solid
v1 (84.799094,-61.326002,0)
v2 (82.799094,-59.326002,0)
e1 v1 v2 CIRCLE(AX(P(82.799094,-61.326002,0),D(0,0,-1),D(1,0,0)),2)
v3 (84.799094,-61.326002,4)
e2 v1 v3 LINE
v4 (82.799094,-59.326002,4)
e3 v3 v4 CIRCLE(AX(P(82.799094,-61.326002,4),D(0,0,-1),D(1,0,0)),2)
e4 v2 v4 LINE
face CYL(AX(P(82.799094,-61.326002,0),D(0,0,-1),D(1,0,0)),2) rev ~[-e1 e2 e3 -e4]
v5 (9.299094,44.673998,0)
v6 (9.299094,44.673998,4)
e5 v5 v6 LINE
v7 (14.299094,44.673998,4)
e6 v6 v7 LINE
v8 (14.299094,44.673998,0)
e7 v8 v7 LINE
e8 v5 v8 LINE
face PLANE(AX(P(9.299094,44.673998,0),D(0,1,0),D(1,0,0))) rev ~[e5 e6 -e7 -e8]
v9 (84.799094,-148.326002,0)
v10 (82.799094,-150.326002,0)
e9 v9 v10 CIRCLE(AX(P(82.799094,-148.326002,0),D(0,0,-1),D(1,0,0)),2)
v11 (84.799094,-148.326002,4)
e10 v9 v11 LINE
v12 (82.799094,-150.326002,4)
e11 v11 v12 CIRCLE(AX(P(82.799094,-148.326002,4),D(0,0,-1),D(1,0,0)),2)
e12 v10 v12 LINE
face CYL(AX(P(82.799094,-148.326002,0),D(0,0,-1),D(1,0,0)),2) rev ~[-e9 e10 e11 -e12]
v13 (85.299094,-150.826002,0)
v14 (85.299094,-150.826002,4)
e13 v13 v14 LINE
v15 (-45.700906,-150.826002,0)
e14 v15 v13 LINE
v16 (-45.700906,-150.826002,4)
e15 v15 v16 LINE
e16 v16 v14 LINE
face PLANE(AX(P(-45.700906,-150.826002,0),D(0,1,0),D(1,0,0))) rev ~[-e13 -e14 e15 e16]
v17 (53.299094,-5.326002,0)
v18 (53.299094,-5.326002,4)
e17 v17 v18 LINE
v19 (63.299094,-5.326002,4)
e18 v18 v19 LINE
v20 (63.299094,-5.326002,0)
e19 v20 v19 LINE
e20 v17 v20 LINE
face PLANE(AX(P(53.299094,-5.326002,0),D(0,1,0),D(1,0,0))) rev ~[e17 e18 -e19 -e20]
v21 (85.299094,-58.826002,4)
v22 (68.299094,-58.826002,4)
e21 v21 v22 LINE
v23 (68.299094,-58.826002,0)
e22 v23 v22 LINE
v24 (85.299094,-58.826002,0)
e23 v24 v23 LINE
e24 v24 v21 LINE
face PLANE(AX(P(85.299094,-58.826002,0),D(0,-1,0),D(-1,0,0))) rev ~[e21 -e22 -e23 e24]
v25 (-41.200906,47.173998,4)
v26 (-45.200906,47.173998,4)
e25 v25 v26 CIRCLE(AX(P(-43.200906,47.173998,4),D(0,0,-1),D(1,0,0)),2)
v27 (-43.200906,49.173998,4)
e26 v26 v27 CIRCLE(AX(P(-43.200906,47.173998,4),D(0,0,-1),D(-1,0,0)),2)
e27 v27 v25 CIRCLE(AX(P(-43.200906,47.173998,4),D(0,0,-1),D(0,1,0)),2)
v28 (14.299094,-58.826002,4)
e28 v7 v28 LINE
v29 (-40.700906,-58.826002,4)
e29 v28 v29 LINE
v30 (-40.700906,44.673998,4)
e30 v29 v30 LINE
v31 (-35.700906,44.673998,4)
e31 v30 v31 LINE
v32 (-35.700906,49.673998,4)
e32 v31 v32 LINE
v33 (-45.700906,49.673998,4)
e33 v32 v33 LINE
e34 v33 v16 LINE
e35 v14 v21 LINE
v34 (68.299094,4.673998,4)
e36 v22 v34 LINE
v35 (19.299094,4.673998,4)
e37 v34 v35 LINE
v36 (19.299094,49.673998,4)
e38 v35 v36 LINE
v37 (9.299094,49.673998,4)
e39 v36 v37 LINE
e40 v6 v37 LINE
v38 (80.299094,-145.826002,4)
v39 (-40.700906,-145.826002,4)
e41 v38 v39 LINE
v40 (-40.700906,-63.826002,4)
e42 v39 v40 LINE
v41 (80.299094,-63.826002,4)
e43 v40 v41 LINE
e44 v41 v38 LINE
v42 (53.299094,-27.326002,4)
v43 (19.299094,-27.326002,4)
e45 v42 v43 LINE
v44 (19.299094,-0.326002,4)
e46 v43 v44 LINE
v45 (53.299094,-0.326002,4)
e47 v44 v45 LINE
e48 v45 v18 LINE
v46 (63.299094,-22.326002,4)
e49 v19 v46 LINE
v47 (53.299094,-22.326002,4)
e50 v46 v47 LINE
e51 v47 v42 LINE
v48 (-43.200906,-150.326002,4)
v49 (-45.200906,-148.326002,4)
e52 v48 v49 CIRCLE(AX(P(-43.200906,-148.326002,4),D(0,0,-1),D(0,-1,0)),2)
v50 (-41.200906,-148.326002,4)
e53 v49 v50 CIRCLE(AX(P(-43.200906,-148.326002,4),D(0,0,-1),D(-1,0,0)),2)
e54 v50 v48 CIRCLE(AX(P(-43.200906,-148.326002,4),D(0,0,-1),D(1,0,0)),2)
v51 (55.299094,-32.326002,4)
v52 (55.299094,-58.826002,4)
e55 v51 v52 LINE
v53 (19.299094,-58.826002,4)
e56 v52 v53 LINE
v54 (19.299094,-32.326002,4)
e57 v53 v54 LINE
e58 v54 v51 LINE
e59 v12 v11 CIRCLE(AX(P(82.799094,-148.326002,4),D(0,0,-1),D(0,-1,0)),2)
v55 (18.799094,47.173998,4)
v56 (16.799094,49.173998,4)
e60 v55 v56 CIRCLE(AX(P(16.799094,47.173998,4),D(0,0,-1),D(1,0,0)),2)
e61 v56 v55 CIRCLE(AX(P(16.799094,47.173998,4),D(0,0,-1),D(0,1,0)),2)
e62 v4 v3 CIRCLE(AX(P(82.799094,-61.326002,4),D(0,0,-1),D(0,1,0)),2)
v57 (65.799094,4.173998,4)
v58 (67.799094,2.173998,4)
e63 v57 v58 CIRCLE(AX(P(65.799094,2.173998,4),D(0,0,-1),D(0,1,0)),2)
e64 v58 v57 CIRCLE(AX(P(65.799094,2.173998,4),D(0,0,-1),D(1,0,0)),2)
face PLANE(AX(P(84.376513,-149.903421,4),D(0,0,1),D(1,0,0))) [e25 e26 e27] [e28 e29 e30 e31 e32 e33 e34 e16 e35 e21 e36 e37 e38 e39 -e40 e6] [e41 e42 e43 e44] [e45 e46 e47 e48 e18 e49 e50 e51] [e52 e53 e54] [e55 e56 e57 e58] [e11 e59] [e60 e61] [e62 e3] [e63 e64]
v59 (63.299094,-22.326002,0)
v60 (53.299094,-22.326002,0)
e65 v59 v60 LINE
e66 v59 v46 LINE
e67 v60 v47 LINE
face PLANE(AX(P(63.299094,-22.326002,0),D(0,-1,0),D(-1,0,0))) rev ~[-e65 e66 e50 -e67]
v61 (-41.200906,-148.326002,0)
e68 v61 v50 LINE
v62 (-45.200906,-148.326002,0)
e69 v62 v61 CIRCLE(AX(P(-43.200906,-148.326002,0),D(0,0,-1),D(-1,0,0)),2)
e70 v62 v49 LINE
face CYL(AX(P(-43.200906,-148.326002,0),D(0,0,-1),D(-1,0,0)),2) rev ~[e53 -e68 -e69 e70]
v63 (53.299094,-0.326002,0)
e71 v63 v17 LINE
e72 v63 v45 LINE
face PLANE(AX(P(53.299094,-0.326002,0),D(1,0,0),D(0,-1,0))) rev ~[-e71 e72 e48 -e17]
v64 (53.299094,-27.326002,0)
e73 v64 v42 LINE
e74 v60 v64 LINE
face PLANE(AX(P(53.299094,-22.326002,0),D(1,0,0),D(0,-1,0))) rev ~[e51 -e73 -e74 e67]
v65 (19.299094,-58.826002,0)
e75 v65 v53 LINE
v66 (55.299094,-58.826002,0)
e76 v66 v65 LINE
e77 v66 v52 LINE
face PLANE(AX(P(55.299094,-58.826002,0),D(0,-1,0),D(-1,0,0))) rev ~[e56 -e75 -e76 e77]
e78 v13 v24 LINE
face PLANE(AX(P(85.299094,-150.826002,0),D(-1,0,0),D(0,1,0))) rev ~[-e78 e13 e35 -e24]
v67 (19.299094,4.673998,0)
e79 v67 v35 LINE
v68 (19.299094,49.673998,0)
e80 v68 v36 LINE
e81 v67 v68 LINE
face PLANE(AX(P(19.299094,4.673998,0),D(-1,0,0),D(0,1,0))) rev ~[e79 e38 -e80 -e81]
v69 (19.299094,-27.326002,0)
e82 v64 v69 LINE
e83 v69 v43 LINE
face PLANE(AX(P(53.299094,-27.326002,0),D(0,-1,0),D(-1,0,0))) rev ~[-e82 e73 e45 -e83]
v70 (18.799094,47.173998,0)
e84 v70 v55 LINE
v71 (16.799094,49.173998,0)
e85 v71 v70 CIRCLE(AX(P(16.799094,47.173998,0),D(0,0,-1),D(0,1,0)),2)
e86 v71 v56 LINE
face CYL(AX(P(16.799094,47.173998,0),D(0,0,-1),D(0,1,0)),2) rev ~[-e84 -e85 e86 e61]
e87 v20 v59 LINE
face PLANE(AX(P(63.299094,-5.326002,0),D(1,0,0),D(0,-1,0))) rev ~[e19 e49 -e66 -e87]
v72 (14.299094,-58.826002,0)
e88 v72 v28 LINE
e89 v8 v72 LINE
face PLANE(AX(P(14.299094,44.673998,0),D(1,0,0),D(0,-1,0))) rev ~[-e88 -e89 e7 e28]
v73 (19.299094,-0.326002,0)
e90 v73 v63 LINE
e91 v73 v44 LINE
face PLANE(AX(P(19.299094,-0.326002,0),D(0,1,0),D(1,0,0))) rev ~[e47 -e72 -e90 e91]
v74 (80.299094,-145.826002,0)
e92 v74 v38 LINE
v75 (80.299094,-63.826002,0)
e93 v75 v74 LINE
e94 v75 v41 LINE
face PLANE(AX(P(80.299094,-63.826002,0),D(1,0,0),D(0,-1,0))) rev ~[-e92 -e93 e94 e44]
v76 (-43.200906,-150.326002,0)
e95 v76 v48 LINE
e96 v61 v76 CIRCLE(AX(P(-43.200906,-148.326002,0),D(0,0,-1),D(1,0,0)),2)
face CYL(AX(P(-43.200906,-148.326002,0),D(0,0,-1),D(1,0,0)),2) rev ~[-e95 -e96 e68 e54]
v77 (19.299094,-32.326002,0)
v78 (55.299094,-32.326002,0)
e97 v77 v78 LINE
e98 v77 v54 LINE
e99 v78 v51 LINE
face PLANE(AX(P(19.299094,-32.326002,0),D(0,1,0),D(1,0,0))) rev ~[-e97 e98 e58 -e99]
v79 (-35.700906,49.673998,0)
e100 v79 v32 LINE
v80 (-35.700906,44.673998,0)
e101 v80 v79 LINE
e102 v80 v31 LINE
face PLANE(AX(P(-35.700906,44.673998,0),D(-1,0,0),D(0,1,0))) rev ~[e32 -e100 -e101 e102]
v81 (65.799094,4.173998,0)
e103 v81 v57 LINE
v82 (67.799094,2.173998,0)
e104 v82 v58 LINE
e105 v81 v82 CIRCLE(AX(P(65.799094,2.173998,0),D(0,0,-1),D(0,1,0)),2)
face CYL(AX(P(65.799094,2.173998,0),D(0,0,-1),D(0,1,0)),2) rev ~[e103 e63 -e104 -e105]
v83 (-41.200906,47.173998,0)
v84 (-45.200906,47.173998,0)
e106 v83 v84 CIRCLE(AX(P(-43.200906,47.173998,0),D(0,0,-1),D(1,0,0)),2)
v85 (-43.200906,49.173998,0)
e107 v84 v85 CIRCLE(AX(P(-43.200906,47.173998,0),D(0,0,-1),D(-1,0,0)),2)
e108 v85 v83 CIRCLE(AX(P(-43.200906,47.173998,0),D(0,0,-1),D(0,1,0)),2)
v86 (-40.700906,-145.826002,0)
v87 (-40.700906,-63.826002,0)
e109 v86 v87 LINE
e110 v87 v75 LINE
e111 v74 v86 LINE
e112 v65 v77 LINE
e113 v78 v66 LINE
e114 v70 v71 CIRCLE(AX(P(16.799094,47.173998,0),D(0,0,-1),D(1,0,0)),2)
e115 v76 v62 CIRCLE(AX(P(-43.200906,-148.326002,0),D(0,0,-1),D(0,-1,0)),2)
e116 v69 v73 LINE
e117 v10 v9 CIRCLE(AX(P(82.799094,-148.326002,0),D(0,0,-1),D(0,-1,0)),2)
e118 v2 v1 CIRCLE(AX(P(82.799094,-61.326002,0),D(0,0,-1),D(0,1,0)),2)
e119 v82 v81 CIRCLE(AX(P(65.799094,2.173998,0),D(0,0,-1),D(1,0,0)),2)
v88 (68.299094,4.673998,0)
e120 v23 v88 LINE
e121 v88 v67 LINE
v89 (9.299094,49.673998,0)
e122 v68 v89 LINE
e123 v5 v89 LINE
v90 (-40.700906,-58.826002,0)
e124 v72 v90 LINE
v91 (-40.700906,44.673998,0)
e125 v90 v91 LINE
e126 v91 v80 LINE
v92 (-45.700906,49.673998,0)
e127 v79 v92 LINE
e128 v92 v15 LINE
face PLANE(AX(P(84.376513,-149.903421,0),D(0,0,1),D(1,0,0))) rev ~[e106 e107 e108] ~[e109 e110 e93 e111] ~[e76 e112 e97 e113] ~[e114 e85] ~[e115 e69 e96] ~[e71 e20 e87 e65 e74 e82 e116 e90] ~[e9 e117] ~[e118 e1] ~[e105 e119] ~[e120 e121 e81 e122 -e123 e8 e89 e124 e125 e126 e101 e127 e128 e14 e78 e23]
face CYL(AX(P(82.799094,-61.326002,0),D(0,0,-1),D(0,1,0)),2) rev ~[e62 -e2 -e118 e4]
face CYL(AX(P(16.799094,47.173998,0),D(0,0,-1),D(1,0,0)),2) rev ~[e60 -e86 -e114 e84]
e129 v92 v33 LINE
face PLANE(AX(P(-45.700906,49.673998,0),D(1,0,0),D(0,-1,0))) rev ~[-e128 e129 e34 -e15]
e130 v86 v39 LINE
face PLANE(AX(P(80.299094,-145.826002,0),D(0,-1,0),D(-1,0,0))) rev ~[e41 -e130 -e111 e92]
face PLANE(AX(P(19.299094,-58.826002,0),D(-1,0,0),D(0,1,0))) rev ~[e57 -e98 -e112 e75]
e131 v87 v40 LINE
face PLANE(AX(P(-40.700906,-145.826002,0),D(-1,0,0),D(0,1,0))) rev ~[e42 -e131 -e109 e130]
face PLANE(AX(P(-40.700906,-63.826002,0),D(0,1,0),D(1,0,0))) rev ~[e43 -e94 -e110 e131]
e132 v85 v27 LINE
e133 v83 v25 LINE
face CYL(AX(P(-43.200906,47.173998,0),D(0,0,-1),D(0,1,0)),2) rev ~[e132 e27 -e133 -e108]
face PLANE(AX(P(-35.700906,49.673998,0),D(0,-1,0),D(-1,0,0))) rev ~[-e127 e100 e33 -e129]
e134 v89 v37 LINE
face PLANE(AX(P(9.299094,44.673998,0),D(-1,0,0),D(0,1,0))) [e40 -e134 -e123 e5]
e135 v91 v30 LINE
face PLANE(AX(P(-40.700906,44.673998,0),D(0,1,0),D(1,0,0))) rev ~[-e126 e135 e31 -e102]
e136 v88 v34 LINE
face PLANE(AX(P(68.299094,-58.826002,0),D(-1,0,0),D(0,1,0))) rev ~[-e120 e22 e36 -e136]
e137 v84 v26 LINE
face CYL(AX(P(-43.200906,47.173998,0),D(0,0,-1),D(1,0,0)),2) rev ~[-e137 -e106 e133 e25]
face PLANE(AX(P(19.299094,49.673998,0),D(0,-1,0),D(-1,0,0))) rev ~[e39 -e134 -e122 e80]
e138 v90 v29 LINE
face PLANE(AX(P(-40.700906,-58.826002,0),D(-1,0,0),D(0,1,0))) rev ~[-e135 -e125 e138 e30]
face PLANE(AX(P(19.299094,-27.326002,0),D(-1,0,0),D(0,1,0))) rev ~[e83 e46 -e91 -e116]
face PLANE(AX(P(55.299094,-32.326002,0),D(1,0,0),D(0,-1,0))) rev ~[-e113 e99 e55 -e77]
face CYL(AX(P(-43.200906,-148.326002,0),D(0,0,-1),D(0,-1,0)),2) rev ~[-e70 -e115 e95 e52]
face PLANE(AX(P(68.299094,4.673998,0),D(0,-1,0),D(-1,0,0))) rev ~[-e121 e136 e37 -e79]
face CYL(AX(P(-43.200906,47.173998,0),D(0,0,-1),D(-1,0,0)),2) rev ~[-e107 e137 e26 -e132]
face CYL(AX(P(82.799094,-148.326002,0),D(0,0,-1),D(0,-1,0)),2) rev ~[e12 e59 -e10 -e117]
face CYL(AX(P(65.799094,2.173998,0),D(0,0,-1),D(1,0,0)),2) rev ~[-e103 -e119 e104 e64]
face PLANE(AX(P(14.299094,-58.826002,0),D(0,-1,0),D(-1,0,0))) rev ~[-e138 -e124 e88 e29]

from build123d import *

# Parameters (mm, degrees)
F0_W     = 5
F0_H     = 5
F1_DEPTH = 4


with BuildPart() as f1:
    # F0 (on Top) → F1 (new body)
    with BuildSketch(Plane.XY):
        with BuildLine():
            Line((82.7990943193, -150.3260023594), (82.7990943193, -150.8260023594))
            Line((82.7990943193, -150.8260023594), (85.2990943193, -150.8260023594))
            Line((85.2990943193, -150.8260023594), (85.2990943193, -148.3260023594))
            Line((85.2990943193, -148.3260023594), (84.7990943193, -148.3260023594))
            ThreePointArc((84.7990943193, -148.3260023594), (84.2133078817, -149.7402159218), (82.7990943193, -150.3260023594))
        make_face()
        with BuildLine():
            Line((-45.2009056807, -148.3260023594), (-45.7009056807, -148.3260023594))
            Line((-45.7009056807, -148.3260023594), (-45.7009056807, -150.8260023594))
            Line((-45.7009056807, -150.8260023594), (-43.2009056807, -150.8260023594))
            Line((-43.2009056807, -150.8260023594), (-43.2009056807, -150.3260023594))
            ThreePointArc((-43.2009056807, -150.3260023594), (-44.615119243, -149.7402159218), (-45.2009056807, -148.3260023594))
        make_face()
        with BuildLine():
            Line((-43.2009056807, 49.1739976406), (-43.2009056807, 49.6739976406))
            Line((-43.2009056807, 49.6739976406), (-45.7009056807, 49.6739976406))
            Line((-45.7009056807, 49.6739976406), (-45.7009056807, 47.1739976406))
            Line((-45.7009056807, 47.1739976406), (-45.2009056807, 47.1739976406))
            ThreePointArc((-45.2009056807, 47.1739976406), (-44.615119243, 48.588211203), (-43.2009056807, 49.1739976406))
        make_face()
        with BuildLine():
            Line((85.2990943193, -61.3260023594), (85.2990943193, -58.8260023594))
            Line((85.2990943193, -58.8260023594), (82.7990943193, -58.8260023594))
            Line((82.7990943193, -58.8260023594), (82.7990943193, -59.3260023594))
            ThreePointArc((82.7990943193, -59.3260023594), (84.2133078817, -59.911788797), (84.7990943193, -61.3260023594))
            Line((84.7990943193, -61.3260023594), (85.2990943193, -61.3260023594))
        make_face()
        with BuildLine():
            Line((19.2990943193, 49.6739976406), (16.7990943193, 49.6739976406))
            Line((16.7990943193, 49.6739976406), (16.7990943193, 49.1739976406))
            ThreePointArc((16.7990943193, 49.1739976406), (18.2133078817, 48.588211203), (18.7990943193, 47.1739976406))
            Line((18.7990943193, 47.1739976406), (19.2990943193, 47.1739976406))
            Line((19.2990943193, 47.1739976406), (19.2990943193, 49.6739976406))
        make_face()
        with BuildLine():
            Line((80.2990943193, -63.8260023594), (85.2990943193, -63.8260023594))
            Line((85.2990943193, -63.8260023594), (85.2990943193, -61.3260023594))
            Line((85.2990943193, -61.3260023594), (84.7990943193, -61.3260023594))
            ThreePointArc((84.7990943193, -61.3260023594), (81.384880757, -62.7402159218), (82.7990943193, -59.3260023594))
            Line((82.7990943193, -59.3260023594), (82.7990943193, -58.8260023594))
            Line((82.7990943193, -58.8260023594), (80.2990943193, -58.8260023594))
            Line((80.2990943193, -58.8260023594), (80.2990943193, -63.8260023594))
        make_face()
        with BuildLine():
            Line((14.2990943193, 49.6739976406), (14.2990943193, 44.6739976406))
            Line((14.2990943193, 44.6739976406), (16.7990943193, 44.6739976406))
            Line((16.7990943193, 44.6739976406), (19.2990943193, 44.6739976406))
            Line((19.2990943193, 44.6739976406), (19.2990943193, 47.1739976406))
            Line((19.2990943193, 47.1739976406), (18.7990943193, 47.1739976406))
            ThreePointArc((18.7990943193, 47.1739976406), (15.384880757, 45.7597840782), (16.7990943193, 49.1739976406))
            Line((16.7990943193, 49.1739976406), (16.7990943193, 49.6739976406))
            Line((16.7990943193, 49.6739976406), (14.2990943193, 49.6739976406))
        make_face()
        with BuildLine():
            Line((-37.7009056807, -58.8260023594), (-40.7009056807, -58.8260023594))
            Line((-40.7009056807, -58.8260023594), (-40.7009056807, -52.8260023594))
            Line((-40.7009056807, -52.8260023594), (-40.7009056807, 28.4739976406))
            Line((-40.7009056807, 28.4739976406), (-40.7009056807, 44.6739976406))
            Line((-40.7009056807, 44.6739976406), (-40.7009056807, 49.6739976406))
            Line((-40.7009056807, 49.6739976406), (-43.2009056807, 49.6739976406))
            Line((-43.2009056807, 49.6739976406), (-43.2009056807, 49.1739976406))
            ThreePointArc((-43.2009056807, 49.1739976406), (-41.7866921183, 48.588211203), (-41.2009056807, 47.1739976406))
            ThreePointArc((-41.2009056807, 47.1739976406), (-43.2009056807, 45.1739976406), (-45.2009056807, 47.1739976406))
            Line((-45.2009056807, 47.1739976406), (-45.7009056807, 47.1739976406))
            Line((-45.7009056807, 47.1739976406), (-45.7009056807, -148.3260023594))
            Line((-45.7009056807, -148.3260023594), (-45.2009056807, -148.3260023594))
            ThreePointArc((-45.2009056807, -148.3260023594), (-43.2009056807, -146.3260023594), (-41.2009056807, -148.3260023594))
            ThreePointArc((-41.2009056807, -148.3260023594), (-41.7866921183, -149.7402159218), (-43.2009056807, -150.3260023594))
            Line((-43.2009056807, -150.3260023594), (-43.2009056807, -150.8260023594))
            Line((-43.2009056807, -150.8260023594), (82.7990943193, -150.8260023594))
            Line((82.7990943193, -150.8260023594), (82.7990943193, -150.3260023594))
            ThreePointArc((82.7990943193, -150.3260023594), (81.384880757, -146.911788797), (84.7990943193, -148.3260023594))
            Line((84.7990943193, -148.3260023594), (85.2990943193, -148.3260023594))
            Line((85.2990943193, -148.3260023594), (85.2990943193, -63.8260023594))
            Line((85.2990943193, -63.8260023594), (80.2990943193, -63.8260023594))
            Line((80.2990943193, -63.8260023594), (80.2990943193, -58.8260023594))
            Line((80.2990943193, -58.8260023594), (68.2990943193, -58.8260023594))
            Line((68.2990943193, -58.8260023594), (68.2990943193, -22.3260023594))
            Line((68.2990943193, -22.3260023594), (68.2990943193, -5.3260023594))
            Line((68.2990943193, -5.3260023594), (63.2990943193, -5.3260023594))
            Line((63.2990943193, -5.3260023594), (63.2990943193, -22.3260023594))
            Line((63.2990943193, -22.3260023594), (53.2990943193, -22.3260023594))
            Line((53.2990943193, -22.3260023594), (53.2990943193, -25.3760023594))
            Line((53.2990943193, -25.3760023594), (53.2990943193, -27.3260023594))
            Line((53.2990943193, -27.3260023594), (51.3490943193, -27.3260023594))
            Line((51.3490943193, -27.3260023594), (28.5490943193, -27.3260023594))
            Line((28.5490943193, -27.3260023594), (19.2990943193, -27.3260023594))
            Line((19.2990943193, -27.3260023594), (19.2990943193, -25.3760023594))
            Line((19.2990943193, -25.3760023594), (19.2990943193, -2.2760023594))
            Line((19.2990943193, -2.2760023594), (19.2990943193, -0.3260023594))
            Line((19.2990943193, -0.3260023594), (14.2990943193, -0.3260023594))
            Line((14.2990943193, -0.3260023594), (14.2990943193, -27.3260023594))
            Line((14.2990943193, -27.3260023594), (14.2990943193, -32.3260023594))
            Line((14.2990943193, -32.3260023594), (14.2990943193, -47.2260023594))
            Line((14.2990943193, -47.2260023594), (14.2990943193, -58.8260023594))
            Line((14.2990943193, -58.8260023594), (11.2990943193, -58.8260023594))
            Line((11.2990943193, -58.8260023594), (-37.7009056807, -58.8260023594))
        make_face()
        Polygon((76.8990943193, -63.8260023594), (80.2990943193, -63.8260023594), (80.2990943193, -67.2260023594), (80.2990943193, -142.4260023594), (80.2990943193, -145.8260023594), (76.8990943193, -145.8260023594), (-37.3009056807, -145.8260023594), (-40.7009056807, -145.8260023594), (-40.7009056807, -142.4260023594), (-40.7009056807, -67.2260023594), (-40.7009056807, -63.8260023594), (-37.3009056807, -63.8260023594), (14.2990943193, -63.8260023594), (19.2990943193, -63.8260023594), align=None, mode=Mode.SUBTRACT)
        Polygon((53.5990943193, -58.8260023594), (19.2990943193, -58.8260023594), (19.2990943193, -32.3260023594), (53.5990943193, -32.3260023594), (55.2990943193, -32.3260023594), (55.2990943193, -34.0260023594), (55.2990943193, -57.1260023594), (55.2990943193, -58.8260023594), align=None, mode=Mode.SUBTRACT)
        with Locations((16.7990943193, 2.1739976406)):
            Rectangle(F0_W, F0_H)
        Polygon((16.7990943193, 44.6739976406), (14.2990943193, 44.6739976406), (14.2990943193, 29.8739976406), (14.2990943193, 4.6739976406), (19.2990943193, 4.6739976406), (19.2990943193, 44.6739976406), align=None)
        with BuildLine():
            Line((19.2990943193, 4.6739976406), (19.2990943193, -0.3260023594))
            Line((19.2990943193, -0.3260023594), (28.5490943193, -0.3260023594))
            Line((28.5490943193, -0.3260023594), (51.3490943193, -0.3260023594))
            Line((51.3490943193, -0.3260023594), (53.2990943193, -0.3260023594))
            Line((53.2990943193, -0.3260023594), (53.2990943193, -2.2760023594))
            Line((53.2990943193, -2.2760023594), (53.2990943193, -5.3260023594))
            Line((53.2990943193, -5.3260023594), (63.2990943193, -5.3260023594))
            Line((63.2990943193, -5.3260023594), (68.2990943193, -5.3260023594))
            Line((68.2990943193, -5.3260023594), (68.2990943193, 2.1739976406))
            Line((68.2990943193, 2.1739976406), (67.7990943193, 2.1739976406))
            ThreePointArc((67.7990943193, 2.1739976406), (64.384880757, 0.7597840782), (65.7990943193, 4.1739976406))
            Line((65.7990943193, 4.1739976406), (65.7990943193, 4.6739976406))
            Line((65.7990943193, 4.6739976406), (19.2990943193, 4.6739976406))
        make_face()
        with BuildLine():
            Line((68.2990943193, 4.6739976406), (65.7990943193, 4.6739976406))
            Line((65.7990943193, 4.6739976406), (65.7990943193, 4.1739976406))
            ThreePointArc((65.7990943193, 4.1739976406), (67.2133078817, 3.588211203), (67.7990943193, 2.1739976406))
            Line((67.7990943193, 2.1739976406), (68.2990943193, 2.1739976406))
            Line((68.2990943193, 2.1739976406), (68.2990943193, 4.6739976406))
        make_face()
        with Locations((-38.2009056807, 47.1739976406)):
            Rectangle(F0_W, F0_H)
        with Locations((11.7990943193, 47.1739976406)):
            Rectangle(F0_W, F0_H)
    extrude(amount=F1_DEPTH)


solid = f1.part
